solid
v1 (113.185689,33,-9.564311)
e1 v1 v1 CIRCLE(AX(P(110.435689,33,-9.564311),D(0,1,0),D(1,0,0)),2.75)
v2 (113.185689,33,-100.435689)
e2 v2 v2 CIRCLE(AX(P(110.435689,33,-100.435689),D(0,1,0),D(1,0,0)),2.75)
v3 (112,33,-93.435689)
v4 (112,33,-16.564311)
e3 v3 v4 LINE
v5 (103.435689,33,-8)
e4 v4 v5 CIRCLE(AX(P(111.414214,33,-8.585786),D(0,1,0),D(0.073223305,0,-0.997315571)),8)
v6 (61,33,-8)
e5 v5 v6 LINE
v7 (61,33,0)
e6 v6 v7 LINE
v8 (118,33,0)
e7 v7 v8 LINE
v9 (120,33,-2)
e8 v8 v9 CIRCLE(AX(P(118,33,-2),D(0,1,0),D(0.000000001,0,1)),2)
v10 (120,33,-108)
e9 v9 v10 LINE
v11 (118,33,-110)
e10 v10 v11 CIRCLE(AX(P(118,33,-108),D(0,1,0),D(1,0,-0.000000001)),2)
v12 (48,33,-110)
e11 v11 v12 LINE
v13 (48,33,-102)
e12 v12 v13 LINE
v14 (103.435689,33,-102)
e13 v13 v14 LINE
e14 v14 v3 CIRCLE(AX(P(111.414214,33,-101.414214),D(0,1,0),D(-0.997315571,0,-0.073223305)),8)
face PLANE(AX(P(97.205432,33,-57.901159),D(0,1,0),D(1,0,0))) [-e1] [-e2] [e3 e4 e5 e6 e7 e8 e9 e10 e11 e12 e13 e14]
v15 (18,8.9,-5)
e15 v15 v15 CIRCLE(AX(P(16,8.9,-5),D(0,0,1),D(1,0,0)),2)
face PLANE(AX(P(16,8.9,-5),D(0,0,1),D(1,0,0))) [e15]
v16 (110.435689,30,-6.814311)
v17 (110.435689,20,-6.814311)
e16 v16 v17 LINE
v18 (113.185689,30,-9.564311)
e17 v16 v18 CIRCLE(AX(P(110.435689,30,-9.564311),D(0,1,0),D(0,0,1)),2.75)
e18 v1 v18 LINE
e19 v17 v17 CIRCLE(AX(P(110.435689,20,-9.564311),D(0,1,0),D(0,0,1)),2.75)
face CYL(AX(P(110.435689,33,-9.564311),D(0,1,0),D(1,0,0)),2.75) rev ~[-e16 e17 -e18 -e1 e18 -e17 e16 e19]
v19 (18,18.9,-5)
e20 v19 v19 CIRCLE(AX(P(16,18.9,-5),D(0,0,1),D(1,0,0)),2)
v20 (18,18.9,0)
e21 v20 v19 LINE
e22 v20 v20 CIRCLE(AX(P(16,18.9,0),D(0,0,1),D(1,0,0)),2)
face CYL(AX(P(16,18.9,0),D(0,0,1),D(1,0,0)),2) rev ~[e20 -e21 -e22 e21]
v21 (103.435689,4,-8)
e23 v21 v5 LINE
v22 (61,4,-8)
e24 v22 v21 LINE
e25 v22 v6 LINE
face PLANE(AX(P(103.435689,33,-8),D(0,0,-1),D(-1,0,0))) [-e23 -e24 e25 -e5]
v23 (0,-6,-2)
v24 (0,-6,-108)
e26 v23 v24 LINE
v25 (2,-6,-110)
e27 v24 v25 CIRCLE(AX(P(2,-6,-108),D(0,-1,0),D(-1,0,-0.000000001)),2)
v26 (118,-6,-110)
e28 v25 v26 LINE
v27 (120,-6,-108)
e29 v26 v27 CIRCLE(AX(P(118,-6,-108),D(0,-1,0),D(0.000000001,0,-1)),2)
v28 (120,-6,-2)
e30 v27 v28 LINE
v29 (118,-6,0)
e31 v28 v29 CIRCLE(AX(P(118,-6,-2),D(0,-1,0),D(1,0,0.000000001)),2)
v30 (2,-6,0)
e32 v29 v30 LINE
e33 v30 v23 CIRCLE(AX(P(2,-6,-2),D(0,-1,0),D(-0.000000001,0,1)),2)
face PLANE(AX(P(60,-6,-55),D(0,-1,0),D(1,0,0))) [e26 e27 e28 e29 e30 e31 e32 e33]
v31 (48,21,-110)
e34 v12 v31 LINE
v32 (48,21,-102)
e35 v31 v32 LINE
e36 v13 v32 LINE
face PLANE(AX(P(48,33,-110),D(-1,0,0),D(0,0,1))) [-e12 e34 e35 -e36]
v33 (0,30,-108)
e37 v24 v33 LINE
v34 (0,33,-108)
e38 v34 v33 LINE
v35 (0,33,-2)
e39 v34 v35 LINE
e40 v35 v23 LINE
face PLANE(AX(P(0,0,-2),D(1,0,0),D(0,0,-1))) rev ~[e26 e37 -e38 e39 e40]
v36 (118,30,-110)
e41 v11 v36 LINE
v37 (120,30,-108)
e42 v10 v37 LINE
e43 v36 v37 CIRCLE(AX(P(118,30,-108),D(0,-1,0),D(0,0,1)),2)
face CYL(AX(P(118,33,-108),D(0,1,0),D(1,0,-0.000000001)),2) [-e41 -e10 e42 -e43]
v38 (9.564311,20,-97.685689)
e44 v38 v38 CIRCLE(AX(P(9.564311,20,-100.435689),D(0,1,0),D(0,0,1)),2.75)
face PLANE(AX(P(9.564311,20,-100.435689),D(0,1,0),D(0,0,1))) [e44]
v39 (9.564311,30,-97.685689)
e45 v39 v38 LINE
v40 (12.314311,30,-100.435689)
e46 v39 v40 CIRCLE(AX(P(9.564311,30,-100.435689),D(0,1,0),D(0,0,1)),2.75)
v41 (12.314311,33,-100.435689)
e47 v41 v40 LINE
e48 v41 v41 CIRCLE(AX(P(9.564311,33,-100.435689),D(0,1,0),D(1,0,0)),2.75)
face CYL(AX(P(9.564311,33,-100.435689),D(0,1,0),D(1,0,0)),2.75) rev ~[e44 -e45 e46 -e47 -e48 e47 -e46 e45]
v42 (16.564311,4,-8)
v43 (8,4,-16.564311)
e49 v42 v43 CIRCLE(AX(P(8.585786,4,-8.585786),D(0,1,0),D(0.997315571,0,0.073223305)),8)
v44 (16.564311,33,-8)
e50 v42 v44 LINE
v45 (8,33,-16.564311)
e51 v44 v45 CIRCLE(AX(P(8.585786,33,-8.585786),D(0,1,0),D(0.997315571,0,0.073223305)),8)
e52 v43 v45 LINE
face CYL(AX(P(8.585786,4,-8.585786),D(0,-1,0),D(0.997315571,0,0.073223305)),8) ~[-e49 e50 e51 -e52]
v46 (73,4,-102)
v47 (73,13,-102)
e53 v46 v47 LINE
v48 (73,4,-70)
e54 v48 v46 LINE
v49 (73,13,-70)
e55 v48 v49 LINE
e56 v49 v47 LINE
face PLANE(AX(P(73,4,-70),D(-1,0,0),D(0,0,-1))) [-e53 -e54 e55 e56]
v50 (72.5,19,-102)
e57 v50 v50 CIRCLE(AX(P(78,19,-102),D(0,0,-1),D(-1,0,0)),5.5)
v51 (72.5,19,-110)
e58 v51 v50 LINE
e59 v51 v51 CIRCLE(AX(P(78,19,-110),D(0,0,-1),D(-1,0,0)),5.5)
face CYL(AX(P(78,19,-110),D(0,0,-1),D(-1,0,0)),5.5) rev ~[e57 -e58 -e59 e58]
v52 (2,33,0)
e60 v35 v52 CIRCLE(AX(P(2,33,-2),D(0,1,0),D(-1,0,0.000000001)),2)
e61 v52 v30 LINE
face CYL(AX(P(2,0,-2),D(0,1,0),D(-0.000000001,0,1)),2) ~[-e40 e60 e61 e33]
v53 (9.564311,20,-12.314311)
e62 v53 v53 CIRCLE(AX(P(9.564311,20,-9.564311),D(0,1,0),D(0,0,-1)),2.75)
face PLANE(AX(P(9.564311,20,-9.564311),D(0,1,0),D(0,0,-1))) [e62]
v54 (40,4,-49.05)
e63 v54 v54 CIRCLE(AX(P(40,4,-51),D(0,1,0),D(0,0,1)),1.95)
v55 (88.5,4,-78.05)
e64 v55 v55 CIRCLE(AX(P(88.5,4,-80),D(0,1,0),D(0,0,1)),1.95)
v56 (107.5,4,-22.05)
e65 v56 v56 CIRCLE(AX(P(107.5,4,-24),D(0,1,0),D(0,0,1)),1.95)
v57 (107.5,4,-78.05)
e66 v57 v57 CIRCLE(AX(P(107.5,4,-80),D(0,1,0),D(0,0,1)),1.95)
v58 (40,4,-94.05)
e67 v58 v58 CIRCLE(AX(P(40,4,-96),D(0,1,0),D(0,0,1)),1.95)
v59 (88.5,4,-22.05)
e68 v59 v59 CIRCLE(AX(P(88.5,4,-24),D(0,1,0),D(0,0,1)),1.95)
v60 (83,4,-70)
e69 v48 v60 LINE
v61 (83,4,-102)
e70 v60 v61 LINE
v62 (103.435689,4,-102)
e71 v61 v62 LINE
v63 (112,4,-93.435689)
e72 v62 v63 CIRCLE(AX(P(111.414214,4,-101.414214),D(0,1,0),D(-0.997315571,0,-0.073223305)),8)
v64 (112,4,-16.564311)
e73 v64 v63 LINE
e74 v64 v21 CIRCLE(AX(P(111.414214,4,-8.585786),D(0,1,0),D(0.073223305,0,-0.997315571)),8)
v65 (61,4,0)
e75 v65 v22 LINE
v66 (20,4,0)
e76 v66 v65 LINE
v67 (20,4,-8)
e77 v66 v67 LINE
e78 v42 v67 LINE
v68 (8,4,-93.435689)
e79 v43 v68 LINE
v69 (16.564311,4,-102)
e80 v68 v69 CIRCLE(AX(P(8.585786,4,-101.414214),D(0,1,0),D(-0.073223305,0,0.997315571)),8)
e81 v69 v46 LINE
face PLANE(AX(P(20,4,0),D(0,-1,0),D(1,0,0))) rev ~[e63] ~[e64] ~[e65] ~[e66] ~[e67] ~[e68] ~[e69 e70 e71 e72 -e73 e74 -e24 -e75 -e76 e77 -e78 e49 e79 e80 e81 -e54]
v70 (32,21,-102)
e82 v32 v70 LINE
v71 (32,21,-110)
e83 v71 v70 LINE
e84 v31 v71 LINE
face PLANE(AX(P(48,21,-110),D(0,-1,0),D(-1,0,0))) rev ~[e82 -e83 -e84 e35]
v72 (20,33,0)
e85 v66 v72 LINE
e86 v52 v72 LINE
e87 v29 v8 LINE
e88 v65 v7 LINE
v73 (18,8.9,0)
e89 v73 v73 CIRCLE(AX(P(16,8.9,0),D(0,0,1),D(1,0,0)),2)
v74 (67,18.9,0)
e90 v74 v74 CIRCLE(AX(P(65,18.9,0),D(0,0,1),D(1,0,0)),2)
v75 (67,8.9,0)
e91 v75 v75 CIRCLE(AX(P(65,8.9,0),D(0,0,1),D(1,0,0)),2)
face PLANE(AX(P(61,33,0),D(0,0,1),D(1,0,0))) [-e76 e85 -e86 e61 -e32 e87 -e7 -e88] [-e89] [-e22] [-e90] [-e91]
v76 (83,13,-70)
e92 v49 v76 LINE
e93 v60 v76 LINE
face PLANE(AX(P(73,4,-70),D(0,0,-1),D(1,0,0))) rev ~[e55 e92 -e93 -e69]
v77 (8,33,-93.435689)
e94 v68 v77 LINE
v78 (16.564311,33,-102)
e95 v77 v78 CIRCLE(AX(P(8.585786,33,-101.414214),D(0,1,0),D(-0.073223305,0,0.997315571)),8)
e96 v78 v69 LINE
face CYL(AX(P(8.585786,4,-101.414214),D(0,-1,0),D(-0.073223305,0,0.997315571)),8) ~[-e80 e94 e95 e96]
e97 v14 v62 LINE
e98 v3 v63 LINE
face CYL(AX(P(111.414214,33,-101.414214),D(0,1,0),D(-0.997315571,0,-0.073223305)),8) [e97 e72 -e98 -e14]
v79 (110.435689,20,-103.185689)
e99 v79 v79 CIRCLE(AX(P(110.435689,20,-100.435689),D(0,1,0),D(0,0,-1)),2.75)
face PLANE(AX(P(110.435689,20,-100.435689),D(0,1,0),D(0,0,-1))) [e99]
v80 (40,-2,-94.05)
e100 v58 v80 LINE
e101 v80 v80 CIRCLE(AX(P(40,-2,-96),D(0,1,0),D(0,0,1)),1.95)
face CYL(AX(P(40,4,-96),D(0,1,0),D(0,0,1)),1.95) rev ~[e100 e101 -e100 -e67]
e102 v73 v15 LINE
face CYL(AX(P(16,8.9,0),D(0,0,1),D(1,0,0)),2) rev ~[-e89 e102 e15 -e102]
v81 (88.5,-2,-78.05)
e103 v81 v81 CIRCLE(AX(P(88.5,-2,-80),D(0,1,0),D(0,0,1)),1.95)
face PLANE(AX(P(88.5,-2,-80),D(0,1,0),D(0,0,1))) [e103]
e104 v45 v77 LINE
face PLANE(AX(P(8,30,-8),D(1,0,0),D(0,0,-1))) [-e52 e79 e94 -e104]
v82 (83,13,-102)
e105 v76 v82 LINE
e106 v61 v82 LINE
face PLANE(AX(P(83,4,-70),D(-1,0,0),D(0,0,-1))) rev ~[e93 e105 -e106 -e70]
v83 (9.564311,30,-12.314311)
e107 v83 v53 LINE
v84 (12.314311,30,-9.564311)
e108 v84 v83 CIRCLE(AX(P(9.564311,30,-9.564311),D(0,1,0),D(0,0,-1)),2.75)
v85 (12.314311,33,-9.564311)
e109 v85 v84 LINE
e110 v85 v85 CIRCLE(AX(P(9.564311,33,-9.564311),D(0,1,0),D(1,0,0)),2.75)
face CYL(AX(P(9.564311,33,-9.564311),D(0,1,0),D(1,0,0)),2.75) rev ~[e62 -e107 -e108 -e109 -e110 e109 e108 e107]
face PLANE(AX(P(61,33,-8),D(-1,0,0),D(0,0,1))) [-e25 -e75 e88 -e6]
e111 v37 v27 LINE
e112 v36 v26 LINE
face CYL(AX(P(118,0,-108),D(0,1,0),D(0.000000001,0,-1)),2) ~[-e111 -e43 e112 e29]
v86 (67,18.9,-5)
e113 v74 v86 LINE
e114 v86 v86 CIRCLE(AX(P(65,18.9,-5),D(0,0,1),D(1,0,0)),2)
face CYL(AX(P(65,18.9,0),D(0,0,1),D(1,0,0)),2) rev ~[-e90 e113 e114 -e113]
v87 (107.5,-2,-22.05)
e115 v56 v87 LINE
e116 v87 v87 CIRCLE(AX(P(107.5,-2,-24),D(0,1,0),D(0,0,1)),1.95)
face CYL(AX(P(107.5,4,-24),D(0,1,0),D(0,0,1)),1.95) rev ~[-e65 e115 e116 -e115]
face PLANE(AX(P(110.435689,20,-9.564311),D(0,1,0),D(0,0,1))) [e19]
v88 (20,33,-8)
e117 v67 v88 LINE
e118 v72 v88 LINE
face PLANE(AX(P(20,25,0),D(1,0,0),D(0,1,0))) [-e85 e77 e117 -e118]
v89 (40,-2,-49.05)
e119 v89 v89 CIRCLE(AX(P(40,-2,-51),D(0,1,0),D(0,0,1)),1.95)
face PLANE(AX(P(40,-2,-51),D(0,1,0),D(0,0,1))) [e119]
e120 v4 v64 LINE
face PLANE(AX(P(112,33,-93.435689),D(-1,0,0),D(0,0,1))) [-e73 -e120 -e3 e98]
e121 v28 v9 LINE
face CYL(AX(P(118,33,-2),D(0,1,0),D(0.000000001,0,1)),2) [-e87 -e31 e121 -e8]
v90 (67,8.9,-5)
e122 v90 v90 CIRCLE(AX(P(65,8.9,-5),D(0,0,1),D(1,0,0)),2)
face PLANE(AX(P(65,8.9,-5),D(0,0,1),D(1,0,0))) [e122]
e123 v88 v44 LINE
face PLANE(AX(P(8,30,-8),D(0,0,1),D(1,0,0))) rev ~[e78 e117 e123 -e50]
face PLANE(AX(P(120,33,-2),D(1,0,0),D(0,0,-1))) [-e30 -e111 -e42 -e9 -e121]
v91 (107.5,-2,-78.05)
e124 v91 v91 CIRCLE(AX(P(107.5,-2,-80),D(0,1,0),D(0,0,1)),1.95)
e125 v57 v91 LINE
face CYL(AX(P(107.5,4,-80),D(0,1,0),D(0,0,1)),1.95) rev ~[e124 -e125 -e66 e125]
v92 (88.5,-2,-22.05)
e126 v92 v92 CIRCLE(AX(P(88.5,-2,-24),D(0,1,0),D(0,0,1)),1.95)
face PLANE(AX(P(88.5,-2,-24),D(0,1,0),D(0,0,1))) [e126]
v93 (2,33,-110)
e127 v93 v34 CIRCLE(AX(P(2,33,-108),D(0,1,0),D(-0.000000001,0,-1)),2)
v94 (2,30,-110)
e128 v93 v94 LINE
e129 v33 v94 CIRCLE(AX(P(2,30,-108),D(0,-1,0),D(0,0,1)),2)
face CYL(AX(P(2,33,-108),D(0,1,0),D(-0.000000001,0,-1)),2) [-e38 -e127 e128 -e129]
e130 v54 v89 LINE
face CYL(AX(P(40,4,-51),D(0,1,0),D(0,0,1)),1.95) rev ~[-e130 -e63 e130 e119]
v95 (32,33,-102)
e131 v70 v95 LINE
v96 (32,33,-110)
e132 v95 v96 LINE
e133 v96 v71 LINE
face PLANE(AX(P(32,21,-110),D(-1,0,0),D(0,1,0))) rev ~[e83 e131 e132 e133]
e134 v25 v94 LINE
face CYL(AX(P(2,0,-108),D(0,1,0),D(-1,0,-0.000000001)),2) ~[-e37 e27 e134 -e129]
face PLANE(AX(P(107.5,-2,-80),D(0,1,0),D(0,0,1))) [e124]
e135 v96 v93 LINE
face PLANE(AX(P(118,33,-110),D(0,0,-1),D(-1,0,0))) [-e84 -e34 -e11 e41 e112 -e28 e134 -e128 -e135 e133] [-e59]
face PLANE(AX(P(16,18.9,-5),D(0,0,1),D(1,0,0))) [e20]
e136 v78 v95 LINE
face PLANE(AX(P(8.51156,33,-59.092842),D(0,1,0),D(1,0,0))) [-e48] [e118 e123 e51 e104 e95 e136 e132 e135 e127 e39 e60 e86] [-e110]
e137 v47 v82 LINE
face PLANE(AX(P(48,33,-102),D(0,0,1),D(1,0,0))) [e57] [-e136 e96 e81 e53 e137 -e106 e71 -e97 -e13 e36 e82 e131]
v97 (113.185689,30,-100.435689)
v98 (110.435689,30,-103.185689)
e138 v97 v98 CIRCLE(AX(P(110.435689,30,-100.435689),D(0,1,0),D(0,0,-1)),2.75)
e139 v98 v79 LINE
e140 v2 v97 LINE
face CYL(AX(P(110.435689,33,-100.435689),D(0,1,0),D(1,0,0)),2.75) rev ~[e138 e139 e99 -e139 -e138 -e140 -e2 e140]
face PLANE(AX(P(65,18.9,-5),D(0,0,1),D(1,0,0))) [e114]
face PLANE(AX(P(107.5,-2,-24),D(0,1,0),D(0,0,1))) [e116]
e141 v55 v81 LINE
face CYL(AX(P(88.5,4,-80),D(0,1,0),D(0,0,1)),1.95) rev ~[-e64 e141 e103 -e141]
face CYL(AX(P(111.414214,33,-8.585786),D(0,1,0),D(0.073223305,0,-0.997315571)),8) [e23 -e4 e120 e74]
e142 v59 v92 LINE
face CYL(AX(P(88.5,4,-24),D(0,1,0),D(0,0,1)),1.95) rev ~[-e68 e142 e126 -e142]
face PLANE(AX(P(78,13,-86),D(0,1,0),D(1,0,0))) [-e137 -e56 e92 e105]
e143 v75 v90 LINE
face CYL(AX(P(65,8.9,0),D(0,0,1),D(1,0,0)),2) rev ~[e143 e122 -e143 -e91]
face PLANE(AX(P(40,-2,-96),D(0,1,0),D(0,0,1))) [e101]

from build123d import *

# Parameters (mm, degrees)
SKETCH1_W           = 120
SKETCH1_H           = 110
BOSS_EXTRUDE1_DEPTH = 30
SKETCH2_W           = 104
SKETCH2_H           = 94
CUT_EXTRUDE1_DEPTH  = 26
FILLET1_R           = 2
CUT_EXTRUDE2_REACH  = 167.529
SKETCH3_W           = 41
SKETCH3_H           = 21
SKETCH5_R           = 2
CUT_EXTRUDE3_DEPTH  = 5
CUT_EXTRUDE4_REACH  = 167.529
SKETCH7_R           = 5.5
CUT_EXTRUDE5_REACH  = 167.529
SKETCH8_W           = 16
SKETCH8_H           = 9
SKETCH9_W           = 10
SKETCH9_H           = 32
BOSS_EXTRUDE2_DEPTH = 9
BOSS_EXTRUDE3_DEPTH = 26
BOSS_EXTRUDE4_DEPTH = 6
SKETCH11_R          = 1.95
CUT_EXTRUDE6_DEPTH  = 6
SKETCH13_R          = 2.75
CUT_EXTRUDE7_DEPTH  = 10
CUT_EXTRUDE8_REACH  = 167.529
SKETCH16_W          = 41
SKETCH16_H          = 5
BOSS_EXTRUDE5_START = 3
SKETCH21_R          = 2.75
BOSS_EXTRUDE5_DEPTH = 3


with BuildPart() as part:
    # Sketch1 → Boss-Extrude1 (new body)
    with BuildSketch(Plane(origin=(0, 0, 0), x_dir=(1, 0, 0), z_dir=(0, 1, 0))):
        with Locations((60, 55)):
            Rectangle(SKETCH1_W, SKETCH1_H)
    extrude(amount=BOSS_EXTRUDE1_DEPTH)

    # Sketch2 → Cut-Extrude1 (cut)
    with BuildSketch(Plane(origin=(0, 30, 0), x_dir=(1, 0, 0), z_dir=(0, 1, 0))):
        with Locations((60, 55)):
            Rectangle(SKETCH2_W, SKETCH2_H)
    extrude(amount=-CUT_EXTRUDE1_DEPTH, mode=Mode.SUBTRACT)

    # Fillet1
    fillet1_edges = [part.edges().sort_by_distance(p)[0] for p in [
        (112, 17, -8),
        (8, 17, -8),
        (8, 17, -102),
        (112, 17, -102),
        (0, 15, -110),
        (120, 15, -110),
        (120, 15, 0),
        (0, 15, 0),
    ]]
    fillet(fillet1_edges, radius=FILLET1_R)

    # Sketch3 → Cut-Extrude2 (cut, up to next)
    with BuildSketch(Plane.XY, mode=Mode.PRIVATE) as cut_extrude2_sk1:
        with Locations((40.5, 14.5)):
            Rectangle(SKETCH3_W, SKETCH3_H)
    cut_extrude2_tool1 = extrude(cut_extrude2_sk1.sketch, amount=-CUT_EXTRUDE2_REACH, mode=Mode.PRIVATE) & part.part
    add(cut_extrude2_tool1.solids().sort_by_distance((40.5, 14.5, 0))[0], mode=Mode.SUBTRACT)

    # Sketch5 → Cut-Extrude3 (cut)
    with BuildSketch(Plane.XY):
        with Locations((65, 8.9)):
            Circle(SKETCH5_R)
        with Locations((16, 18.9)):
            Circle(SKETCH5_R)
        with Locations((16, 8.9)):
            Circle(SKETCH5_R)
        with Locations((65, 18.9)):
            Circle(SKETCH5_R)
    extrude(amount=-CUT_EXTRUDE3_DEPTH, mode=Mode.SUBTRACT)

    # Sketch7 → Cut-Extrude4 (cut, up to next)
    with BuildSketch(Plane(origin=(0, 0, -110), x_dir=(-1, 0, 0), z_dir=(0, 0, -1)), mode=Mode.PRIVATE) as cut_extrude4_sk1:
        with Locations((-78, 19)):
            Circle(SKETCH7_R)
    cut_extrude4_tool1 = extrude(cut_extrude4_sk1.sketch, amount=-CUT_EXTRUDE4_REACH, mode=Mode.PRIVATE) & part.part
    add(cut_extrude4_tool1.solids().sort_by_distance((78, 19, -110))[0], mode=Mode.SUBTRACT)

    # Sketch8 → Cut-Extrude5 (cut, up to next)
    with BuildSketch(Plane(origin=(0, 0, -110), x_dir=(-1, 0, 0), z_dir=(0, 0, -1)), mode=Mode.PRIVATE) as cut_extrude5_sk1:
        with Locations((-40, 25.5)):
            Rectangle(SKETCH8_W, SKETCH8_H)
    cut_extrude5_tool1 = extrude(cut_extrude5_sk1.sketch, amount=-CUT_EXTRUDE5_REACH, mode=Mode.PRIVATE) & part.part
    add(cut_extrude5_tool1.solids().sort_by_distance((40, 25.5, -110))[0], mode=Mode.SUBTRACT)

    # Sketch9 → Boss-Extrude2 (add)
    with BuildSketch(Plane(origin=(0, 4, 0), x_dir=(1, 0, 0), z_dir=(0, 1, 0))):
        with Locations((78, 86)):
            Rectangle(SKETCH9_W, SKETCH9_H)
    extrude(amount=BOSS_EXTRUDE2_DEPTH)

    # Sketch10 → Boss-Extrude3 (add)
    with BuildSketch(Plane(origin=(0, 4, 0), x_dir=(1, 0, 0), z_dir=(0, 1, 0))):
        with BuildLine():
            ThreePointArc((10, 102), (8.585786438, 101.414213562), (8, 100))
            Line((8, 100), (8, 93.435688996))
            ThreePointArc((8, 93.435688996), (14.242640687, 95.757359313), (16.564311004, 102))
            Line((16.564311004, 102), (10, 102))
        make_face()
        with BuildLine():
            ThreePointArc((8, 10), (8.585786438, 8.585786438), (10, 8))
            Line((10, 8), (16.564311004, 8))
            ThreePointArc((16.564311004, 8), (14.242640687, 14.242640687), (8, 16.564311004))
            Line((8, 16.564311004), (8, 10))
        make_face()
        with BuildLine():
            ThreePointArc((110, 8), (111.414213562, 8.585786438), (112, 10))
            Line((112, 10), (112, 16.564311004))
            ThreePointArc((112, 16.564311004), (105.757359313, 14.242640687), (103.435688996, 8))
            Line((103.435688996, 8), (110, 8))
        make_face()
        with BuildLine():
            ThreePointArc((112, 100), (111.414213562, 101.414213562), (110, 102))
            Line((110, 102), (103.435688996, 102))
            ThreePointArc((103.435688996, 102), (105.757359313, 95.757359313), (112, 93.435688996))
            Line((112, 93.435688996), (112, 100))
        make_face()
    extrude(amount=BOSS_EXTRUDE3_DEPTH)

    # Sketch12 → Boss-Extrude4 (add)
    with BuildSketch(Plane.XZ):
        with BuildLine():
            Line((2, -110), (118, -110))
            ThreePointArc((118, -110), (119.414213562, -109.414213562), (120, -108))
            Line((120, -108), (120, -2))
            ThreePointArc((120, -2), (119.414213562, -0.585786438), (118, 0))
            Line((118, 0), (2, 0))
            ThreePointArc((2, 0), (0.585786438, -0.585786438), (0, -2))
            Line((0, -2), (0, -108))
            ThreePointArc((0, -108), (0.585786438, -109.414213562), (2, -110))
        make_face()
    extrude(amount=BOSS_EXTRUDE4_DEPTH)

    # Sketch11 → Cut-Extrude6 (cut)
    with BuildSketch(Plane(origin=(0, 4, 0), x_dir=(1, 0, 0), z_dir=(0, 1, 0))):
        with Locations(Location((40, 96, 0), (0, 0, 270))):
            Circle(SKETCH11_R)
        with Locations(Location((40, 51, 0), (0, 0, 270))):
            Circle(SKETCH11_R)
        with Locations(Location((88.5, 80, 0), (0, 0, 270))):
            Circle(SKETCH11_R)
        with Locations(Location((107.5, 80, 0), (0, 0, 270))):
            Circle(SKETCH11_R)
        with Locations(Location((88.5, 24, 0), (0, 0, 270))):
            Circle(SKETCH11_R)
        with Locations(Location((107.5, 24, 0), (0, 0, 270))):
            Circle(SKETCH11_R)
    extrude(amount=-CUT_EXTRUDE6_DEPTH, mode=Mode.SUBTRACT)

    # Sketch13 → Cut-Extrude7 (cut)
    with BuildSketch(Plane(origin=(0, 30, 0), x_dir=(1, 0, 0), z_dir=(0, 1, 0))):
        with Locations(Location((110.435688996, 100.435688996, 0), (0, 0, 90))):
            Circle(SKETCH13_R)
        with Locations(Location((9.564311004, 100.435688996, 0), (0, 0, 270))):
            Circle(SKETCH13_R)
        with Locations(Location((110.435688996, 9.564311004, 0), (0, 0, 270))):
            Circle(SKETCH13_R)
        with Locations(Location((9.564311004, 9.564311004, 0), (0, 0, 90))):
            Circle(SKETCH13_R)
    extrude(amount=-CUT_EXTRUDE7_DEPTH, mode=Mode.SUBTRACT)

    # Sketch16 → Cut-Extrude8 (cut, up to next)
    with BuildSketch(Plane.XY, mode=Mode.PRIVATE) as cut_extrude8_sk1:
        with Locations((40.5, 27.5)):
            Rectangle(SKETCH16_W, SKETCH16_H)
    cut_extrude8_tool1 = extrude(cut_extrude8_sk1.sketch, amount=-CUT_EXTRUDE8_REACH, mode=Mode.PRIVATE) & part.part
    add(cut_extrude8_tool1.solids().sort_by_distance((40.5, 27.5, 0))[0], mode=Mode.SUBTRACT)

    # Sketch21 → Boss-Extrude5 (add)
    # profile 1 of 2: a face of its own
    with BuildSketch(Plane(origin=(0, 30, 0), x_dir=(1, 0, 0), z_dir=(0, 1, 0)).offset(BOSS_EXTRUDE5_START)):
        with BuildLine():
            ThreePointArc((112, 16.564311004), (105.757359313, 14.242640687), (103.435688996, 8))
            Line((103.435688996, 8), (61, 8))
            Line((61, 8), (61, 0))
            Line((61, 0), (118, 0))
            ThreePointArc((118, 0), (119.414213562, 0.585786438), (120, 2))
            Line((120, 2), (120, 108))
            ThreePointArc((120, 108), (119.414213562, 109.414213562), (118, 110))
            Line((118, 110), (48, 110))
            Line((48, 110), (48, 102))
            Line((48, 102), (103.435688996, 102))
            ThreePointArc((103.435688996, 102), (105.757359313, 95.757359313), (112, 93.435688996))
            Line((112, 93.435688996), (112, 16.564311004))
        make_face()
        with Locations((110.435688996, 9.564311004)):
            Circle(SKETCH21_R, mode=Mode.SUBTRACT)
        with Locations((110.435688996, 100.435688996)):
            Circle(SKETCH21_R, mode=Mode.SUBTRACT)
    # profile 2 of 2: a face of its own
    with BuildSketch(Plane(origin=(0, 30, 0), x_dir=(1, 0, 0), z_dir=(0, 1, 0)).offset(BOSS_EXTRUDE5_START)):
        with BuildLine():
            Line((8, 16.564311004), (8, 93.435688996))
            ThreePointArc((8, 93.435688996), (14.242640687, 95.757359313), (16.564311004, 102))
            Line((16.564311004, 102), (32, 102))
            Line((32, 102), (32, 110))
            Line((32, 110), (2, 110))
            ThreePointArc((2, 110), (0.585786438, 109.414213562), (0, 108))
            Line((0, 108), (0, 2))
            ThreePointArc((0, 2), (0.585786438, 0.585786438), (2, 0))
            Line((2, 0), (20, 0))
            Line((20, 0), (20, 8))
            Line((20, 8), (16.564311004, 8))
            ThreePointArc((16.564311004, 8), (14.242640687, 14.242640687), (8, 16.564311004))
        make_face()
        with Locations((9.564311004, 9.564311004)):
            Circle(SKETCH21_R, mode=Mode.SUBTRACT)
        with Locations((9.564311004, 100.435688996)):
            Circle(SKETCH21_R, mode=Mode.SUBTRACT)
    extrude(amount=-BOSS_EXTRUDE5_DEPTH)


solid = part.part
